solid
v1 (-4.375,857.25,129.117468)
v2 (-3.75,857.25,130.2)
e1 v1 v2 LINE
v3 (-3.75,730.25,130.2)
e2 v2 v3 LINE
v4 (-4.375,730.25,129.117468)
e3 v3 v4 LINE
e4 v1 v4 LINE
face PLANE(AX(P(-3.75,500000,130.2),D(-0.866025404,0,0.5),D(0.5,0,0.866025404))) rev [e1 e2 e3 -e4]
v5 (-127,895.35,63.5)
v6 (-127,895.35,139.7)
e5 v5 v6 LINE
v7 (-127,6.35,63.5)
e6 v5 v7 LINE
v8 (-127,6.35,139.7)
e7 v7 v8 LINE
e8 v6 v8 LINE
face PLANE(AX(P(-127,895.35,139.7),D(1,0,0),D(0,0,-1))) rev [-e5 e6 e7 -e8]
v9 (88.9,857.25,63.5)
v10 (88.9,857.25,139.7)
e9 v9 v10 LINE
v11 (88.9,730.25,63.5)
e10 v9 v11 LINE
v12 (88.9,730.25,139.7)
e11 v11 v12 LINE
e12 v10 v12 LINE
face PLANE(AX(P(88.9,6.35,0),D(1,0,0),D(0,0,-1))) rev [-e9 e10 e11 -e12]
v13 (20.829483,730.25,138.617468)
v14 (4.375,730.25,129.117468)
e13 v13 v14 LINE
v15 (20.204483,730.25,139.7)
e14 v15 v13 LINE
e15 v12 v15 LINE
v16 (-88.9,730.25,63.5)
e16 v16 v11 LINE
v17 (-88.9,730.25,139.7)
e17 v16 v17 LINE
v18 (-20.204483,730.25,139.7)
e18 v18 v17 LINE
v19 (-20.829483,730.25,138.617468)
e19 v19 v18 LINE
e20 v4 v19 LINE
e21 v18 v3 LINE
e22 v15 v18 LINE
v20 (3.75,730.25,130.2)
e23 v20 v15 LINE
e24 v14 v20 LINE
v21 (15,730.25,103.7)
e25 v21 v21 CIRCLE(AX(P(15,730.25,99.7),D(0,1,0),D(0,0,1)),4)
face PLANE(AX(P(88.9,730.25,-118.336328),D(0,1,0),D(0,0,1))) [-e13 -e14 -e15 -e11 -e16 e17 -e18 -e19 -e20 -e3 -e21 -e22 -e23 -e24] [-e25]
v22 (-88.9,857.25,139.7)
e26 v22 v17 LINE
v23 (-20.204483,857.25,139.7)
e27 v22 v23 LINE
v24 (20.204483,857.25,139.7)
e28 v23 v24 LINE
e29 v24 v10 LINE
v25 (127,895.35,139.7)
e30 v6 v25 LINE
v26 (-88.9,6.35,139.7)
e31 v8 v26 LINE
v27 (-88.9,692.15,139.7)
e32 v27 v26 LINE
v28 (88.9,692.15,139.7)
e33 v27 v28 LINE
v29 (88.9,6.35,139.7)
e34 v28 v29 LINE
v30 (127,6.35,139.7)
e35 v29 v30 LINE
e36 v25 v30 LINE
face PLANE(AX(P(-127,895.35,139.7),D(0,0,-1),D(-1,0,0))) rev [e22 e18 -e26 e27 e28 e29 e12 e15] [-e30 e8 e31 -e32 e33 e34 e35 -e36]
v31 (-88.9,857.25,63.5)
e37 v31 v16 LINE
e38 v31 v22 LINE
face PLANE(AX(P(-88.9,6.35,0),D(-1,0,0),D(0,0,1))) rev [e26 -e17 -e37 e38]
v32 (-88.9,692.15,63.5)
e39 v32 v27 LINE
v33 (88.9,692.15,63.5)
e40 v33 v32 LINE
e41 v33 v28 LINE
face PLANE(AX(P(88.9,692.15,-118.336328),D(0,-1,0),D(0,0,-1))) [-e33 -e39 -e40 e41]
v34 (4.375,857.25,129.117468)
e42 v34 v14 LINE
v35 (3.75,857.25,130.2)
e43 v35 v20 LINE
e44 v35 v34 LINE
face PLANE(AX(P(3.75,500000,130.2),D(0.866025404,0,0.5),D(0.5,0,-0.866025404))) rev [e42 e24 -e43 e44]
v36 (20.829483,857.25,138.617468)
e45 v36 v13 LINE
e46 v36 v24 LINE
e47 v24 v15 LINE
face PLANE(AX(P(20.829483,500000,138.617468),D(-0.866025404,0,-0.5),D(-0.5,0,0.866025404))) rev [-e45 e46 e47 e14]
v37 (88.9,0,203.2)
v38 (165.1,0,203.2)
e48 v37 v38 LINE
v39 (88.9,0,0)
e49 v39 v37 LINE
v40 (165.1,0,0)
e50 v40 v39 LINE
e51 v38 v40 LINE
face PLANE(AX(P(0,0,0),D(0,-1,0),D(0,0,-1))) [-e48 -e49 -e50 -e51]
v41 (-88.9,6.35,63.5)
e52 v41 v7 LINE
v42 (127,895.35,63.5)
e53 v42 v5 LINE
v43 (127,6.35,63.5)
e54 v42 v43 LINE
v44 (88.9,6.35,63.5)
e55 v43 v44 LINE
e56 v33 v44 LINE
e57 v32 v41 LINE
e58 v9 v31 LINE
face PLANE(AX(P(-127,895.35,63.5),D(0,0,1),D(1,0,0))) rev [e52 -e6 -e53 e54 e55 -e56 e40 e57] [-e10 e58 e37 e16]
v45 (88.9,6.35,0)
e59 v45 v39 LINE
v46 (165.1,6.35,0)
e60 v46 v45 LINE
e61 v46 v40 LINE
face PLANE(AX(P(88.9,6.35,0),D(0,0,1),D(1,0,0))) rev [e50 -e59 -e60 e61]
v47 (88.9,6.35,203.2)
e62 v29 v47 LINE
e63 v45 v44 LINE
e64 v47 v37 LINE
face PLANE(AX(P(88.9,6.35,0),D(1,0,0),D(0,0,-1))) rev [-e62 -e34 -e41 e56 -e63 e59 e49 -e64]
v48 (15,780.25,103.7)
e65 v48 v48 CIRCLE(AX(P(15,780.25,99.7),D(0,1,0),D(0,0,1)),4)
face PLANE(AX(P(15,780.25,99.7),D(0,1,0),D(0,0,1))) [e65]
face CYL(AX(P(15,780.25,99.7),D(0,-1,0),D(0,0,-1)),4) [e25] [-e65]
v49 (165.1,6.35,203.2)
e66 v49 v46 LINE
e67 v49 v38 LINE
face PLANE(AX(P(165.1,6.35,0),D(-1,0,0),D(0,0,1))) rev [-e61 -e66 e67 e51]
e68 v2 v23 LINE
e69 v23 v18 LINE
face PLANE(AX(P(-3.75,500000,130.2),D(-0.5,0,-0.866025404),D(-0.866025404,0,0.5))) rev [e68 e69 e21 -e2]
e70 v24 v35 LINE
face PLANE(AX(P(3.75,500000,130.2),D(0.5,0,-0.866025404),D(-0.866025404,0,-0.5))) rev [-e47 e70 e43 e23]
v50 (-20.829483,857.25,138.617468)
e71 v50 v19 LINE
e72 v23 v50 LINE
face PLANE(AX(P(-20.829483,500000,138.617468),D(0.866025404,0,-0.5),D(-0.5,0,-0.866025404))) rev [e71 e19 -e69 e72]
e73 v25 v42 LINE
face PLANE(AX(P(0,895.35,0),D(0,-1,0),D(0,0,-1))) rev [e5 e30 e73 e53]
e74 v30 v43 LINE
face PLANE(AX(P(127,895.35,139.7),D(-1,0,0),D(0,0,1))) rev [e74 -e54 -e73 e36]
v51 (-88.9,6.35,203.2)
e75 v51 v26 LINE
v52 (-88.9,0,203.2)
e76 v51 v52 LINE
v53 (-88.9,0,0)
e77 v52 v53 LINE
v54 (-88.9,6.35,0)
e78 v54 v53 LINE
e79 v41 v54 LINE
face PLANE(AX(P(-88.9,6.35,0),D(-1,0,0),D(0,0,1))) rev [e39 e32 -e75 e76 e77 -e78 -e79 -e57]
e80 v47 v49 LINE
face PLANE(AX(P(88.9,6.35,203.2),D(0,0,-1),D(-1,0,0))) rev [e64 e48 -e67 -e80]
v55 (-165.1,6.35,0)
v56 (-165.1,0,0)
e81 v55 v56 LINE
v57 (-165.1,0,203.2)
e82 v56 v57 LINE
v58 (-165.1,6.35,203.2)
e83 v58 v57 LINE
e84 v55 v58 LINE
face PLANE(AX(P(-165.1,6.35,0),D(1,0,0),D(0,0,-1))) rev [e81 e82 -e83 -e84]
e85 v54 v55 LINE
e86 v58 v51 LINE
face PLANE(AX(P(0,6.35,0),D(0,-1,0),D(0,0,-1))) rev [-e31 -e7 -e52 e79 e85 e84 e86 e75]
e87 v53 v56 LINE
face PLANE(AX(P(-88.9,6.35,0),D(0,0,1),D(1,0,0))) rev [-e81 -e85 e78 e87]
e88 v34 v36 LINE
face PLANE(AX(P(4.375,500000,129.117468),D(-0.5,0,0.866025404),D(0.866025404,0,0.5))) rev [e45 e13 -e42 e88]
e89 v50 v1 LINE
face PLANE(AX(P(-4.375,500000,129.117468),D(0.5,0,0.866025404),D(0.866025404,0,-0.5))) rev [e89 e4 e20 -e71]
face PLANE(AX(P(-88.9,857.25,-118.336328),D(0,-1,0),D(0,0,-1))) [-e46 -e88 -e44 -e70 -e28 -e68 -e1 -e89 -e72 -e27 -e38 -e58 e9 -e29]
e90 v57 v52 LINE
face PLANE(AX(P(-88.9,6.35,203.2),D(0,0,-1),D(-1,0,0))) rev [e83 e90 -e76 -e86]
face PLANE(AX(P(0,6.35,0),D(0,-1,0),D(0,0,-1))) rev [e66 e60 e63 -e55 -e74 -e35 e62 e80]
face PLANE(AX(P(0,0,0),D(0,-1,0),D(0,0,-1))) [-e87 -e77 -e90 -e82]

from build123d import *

# Parameters (mm, degrees)
SKETCH1_W             = 76.2
SKETCH1_H             = 203.2
BOSS_EXTRUDE1_DEPTH   = 6.35
BOSS_EXTRUDE1_2_DEPTH = 6.35
SKETCH2_W             = 38.1
SKETCH2_H             = 76.2
BOSS_EXTRUDE2_DEPTH   = 889
SKETCH3_W             = 177.8
SKETCH3_H             = 38.1
BOSS_EXTRUDE3_DEPTH   = 76.2
BOSS_EXTRUDE4_REACH   = 777.766
SKETCH7_R             = 4
BOSS_EXTRUDE5_DEPTH   = 50


with BuildPart() as part:
    # Sketch1 → Boss-Extrude1 (new body)
    with BuildSketch(Plane(origin=(0, 0, 0), x_dir=(1, 0, 0), z_dir=(0, 1, 0))):
        with Locations((127, -101.6)):
            Rectangle(SKETCH1_W, SKETCH1_H)
    extrude(amount=BOSS_EXTRUDE1_DEPTH)



with BuildPart() as body_2:
    # Sketch1 → Boss-Extrude1 2 (new body)
    with BuildSketch(Plane(origin=(0, 0, 0), x_dir=(1, 0, 0), z_dir=(0, 1, 0))):
        with Locations((-127, -101.6)):
            Rectangle(SKETCH1_W, SKETCH1_H)
    extrude(amount=BOSS_EXTRUDE1_2_DEPTH)


with BuildPart() as part_1:
    add(part.part)

    add(body_2.part)  # Boss-Extrude2 merges body 2
    # Sketch2 → Boss-Extrude2 (add)
    with BuildSketch(Plane(origin=(0, 6.35, 0), x_dir=(1, 0, 0), z_dir=(0, 1, 0))):
        with Locations((-107.95, -101.6)):
            Rectangle(SKETCH2_W, SKETCH2_H)
        with Locations((107.95, -101.6)):
            Rectangle(SKETCH2_W, SKETCH2_H)
    extrude(amount=BOSS_EXTRUDE2_DEPTH)

    # Sketch3 → Boss-Extrude3 (add)
    with BuildSketch(Plane.XY.offset(139.7)):
        with Locations((0, 876.3)):
            Rectangle(SKETCH3_W, SKETCH3_H)
        with Locations((0, 711.2)):
            Rectangle(SKETCH3_W, SKETCH3_H)
    extrude(amount=-BOSS_EXTRUDE3_DEPTH)

    # Sketch6 → Boss-Extrude4 (add, up to next)
    with BuildSketch(Plane(origin=(0, 730.25, 0), x_dir=(1, 0, 0), z_dir=(0, 1, 0)), mode=Mode.PRIVATE) as boss_extrude4_sk1:
        Polygon((-3.75, -130.2), (-20.204482672, -139.7), (-20.829482672, -138.617468245), (-4.375, -129.117468245), align=None)
    boss_extrude4_tool1 = extrude(boss_extrude4_sk1.sketch, amount=BOSS_EXTRUDE4_REACH, mode=Mode.PRIVATE) - part_1.part
    # Sketch6 → Boss-Extrude4 (add, up to next)
    with BuildSketch(Plane(origin=(0, 730.25, 0), x_dir=(1, 0, 0), z_dir=(0, 1, 0)), mode=Mode.PRIVATE) as boss_extrude4_sk2:
        Polygon((20.829482672, -138.617468245), (20.204482672, -139.7), (3.75, -130.2), (4.375, -129.117468245), align=None)
    boss_extrude4_tool2 = extrude(boss_extrude4_sk2.sketch, amount=BOSS_EXTRUDE4_REACH, mode=Mode.PRIVATE) - part_1.part
    add(boss_extrude4_tool1.solids().sort_by_distance((-12.289741, 730.25, 134.408734))[0])
    add(boss_extrude4_tool2.solids().sort_by_distance((12.289741, 730.25, 134.408734))[0])

    # Sketch7 → Boss-Extrude5 (add)
    with BuildSketch(Plane(origin=(0, 730.25, 0), x_dir=(1, 0, 0), z_dir=(0, 1, 0))):
        with Locations(Location((15, -99.7, 0), (0, 0, 270))):
            Circle(SKETCH7_R)
    extrude(amount=BOSS_EXTRUDE5_DEPTH)


solid = part_1.part
